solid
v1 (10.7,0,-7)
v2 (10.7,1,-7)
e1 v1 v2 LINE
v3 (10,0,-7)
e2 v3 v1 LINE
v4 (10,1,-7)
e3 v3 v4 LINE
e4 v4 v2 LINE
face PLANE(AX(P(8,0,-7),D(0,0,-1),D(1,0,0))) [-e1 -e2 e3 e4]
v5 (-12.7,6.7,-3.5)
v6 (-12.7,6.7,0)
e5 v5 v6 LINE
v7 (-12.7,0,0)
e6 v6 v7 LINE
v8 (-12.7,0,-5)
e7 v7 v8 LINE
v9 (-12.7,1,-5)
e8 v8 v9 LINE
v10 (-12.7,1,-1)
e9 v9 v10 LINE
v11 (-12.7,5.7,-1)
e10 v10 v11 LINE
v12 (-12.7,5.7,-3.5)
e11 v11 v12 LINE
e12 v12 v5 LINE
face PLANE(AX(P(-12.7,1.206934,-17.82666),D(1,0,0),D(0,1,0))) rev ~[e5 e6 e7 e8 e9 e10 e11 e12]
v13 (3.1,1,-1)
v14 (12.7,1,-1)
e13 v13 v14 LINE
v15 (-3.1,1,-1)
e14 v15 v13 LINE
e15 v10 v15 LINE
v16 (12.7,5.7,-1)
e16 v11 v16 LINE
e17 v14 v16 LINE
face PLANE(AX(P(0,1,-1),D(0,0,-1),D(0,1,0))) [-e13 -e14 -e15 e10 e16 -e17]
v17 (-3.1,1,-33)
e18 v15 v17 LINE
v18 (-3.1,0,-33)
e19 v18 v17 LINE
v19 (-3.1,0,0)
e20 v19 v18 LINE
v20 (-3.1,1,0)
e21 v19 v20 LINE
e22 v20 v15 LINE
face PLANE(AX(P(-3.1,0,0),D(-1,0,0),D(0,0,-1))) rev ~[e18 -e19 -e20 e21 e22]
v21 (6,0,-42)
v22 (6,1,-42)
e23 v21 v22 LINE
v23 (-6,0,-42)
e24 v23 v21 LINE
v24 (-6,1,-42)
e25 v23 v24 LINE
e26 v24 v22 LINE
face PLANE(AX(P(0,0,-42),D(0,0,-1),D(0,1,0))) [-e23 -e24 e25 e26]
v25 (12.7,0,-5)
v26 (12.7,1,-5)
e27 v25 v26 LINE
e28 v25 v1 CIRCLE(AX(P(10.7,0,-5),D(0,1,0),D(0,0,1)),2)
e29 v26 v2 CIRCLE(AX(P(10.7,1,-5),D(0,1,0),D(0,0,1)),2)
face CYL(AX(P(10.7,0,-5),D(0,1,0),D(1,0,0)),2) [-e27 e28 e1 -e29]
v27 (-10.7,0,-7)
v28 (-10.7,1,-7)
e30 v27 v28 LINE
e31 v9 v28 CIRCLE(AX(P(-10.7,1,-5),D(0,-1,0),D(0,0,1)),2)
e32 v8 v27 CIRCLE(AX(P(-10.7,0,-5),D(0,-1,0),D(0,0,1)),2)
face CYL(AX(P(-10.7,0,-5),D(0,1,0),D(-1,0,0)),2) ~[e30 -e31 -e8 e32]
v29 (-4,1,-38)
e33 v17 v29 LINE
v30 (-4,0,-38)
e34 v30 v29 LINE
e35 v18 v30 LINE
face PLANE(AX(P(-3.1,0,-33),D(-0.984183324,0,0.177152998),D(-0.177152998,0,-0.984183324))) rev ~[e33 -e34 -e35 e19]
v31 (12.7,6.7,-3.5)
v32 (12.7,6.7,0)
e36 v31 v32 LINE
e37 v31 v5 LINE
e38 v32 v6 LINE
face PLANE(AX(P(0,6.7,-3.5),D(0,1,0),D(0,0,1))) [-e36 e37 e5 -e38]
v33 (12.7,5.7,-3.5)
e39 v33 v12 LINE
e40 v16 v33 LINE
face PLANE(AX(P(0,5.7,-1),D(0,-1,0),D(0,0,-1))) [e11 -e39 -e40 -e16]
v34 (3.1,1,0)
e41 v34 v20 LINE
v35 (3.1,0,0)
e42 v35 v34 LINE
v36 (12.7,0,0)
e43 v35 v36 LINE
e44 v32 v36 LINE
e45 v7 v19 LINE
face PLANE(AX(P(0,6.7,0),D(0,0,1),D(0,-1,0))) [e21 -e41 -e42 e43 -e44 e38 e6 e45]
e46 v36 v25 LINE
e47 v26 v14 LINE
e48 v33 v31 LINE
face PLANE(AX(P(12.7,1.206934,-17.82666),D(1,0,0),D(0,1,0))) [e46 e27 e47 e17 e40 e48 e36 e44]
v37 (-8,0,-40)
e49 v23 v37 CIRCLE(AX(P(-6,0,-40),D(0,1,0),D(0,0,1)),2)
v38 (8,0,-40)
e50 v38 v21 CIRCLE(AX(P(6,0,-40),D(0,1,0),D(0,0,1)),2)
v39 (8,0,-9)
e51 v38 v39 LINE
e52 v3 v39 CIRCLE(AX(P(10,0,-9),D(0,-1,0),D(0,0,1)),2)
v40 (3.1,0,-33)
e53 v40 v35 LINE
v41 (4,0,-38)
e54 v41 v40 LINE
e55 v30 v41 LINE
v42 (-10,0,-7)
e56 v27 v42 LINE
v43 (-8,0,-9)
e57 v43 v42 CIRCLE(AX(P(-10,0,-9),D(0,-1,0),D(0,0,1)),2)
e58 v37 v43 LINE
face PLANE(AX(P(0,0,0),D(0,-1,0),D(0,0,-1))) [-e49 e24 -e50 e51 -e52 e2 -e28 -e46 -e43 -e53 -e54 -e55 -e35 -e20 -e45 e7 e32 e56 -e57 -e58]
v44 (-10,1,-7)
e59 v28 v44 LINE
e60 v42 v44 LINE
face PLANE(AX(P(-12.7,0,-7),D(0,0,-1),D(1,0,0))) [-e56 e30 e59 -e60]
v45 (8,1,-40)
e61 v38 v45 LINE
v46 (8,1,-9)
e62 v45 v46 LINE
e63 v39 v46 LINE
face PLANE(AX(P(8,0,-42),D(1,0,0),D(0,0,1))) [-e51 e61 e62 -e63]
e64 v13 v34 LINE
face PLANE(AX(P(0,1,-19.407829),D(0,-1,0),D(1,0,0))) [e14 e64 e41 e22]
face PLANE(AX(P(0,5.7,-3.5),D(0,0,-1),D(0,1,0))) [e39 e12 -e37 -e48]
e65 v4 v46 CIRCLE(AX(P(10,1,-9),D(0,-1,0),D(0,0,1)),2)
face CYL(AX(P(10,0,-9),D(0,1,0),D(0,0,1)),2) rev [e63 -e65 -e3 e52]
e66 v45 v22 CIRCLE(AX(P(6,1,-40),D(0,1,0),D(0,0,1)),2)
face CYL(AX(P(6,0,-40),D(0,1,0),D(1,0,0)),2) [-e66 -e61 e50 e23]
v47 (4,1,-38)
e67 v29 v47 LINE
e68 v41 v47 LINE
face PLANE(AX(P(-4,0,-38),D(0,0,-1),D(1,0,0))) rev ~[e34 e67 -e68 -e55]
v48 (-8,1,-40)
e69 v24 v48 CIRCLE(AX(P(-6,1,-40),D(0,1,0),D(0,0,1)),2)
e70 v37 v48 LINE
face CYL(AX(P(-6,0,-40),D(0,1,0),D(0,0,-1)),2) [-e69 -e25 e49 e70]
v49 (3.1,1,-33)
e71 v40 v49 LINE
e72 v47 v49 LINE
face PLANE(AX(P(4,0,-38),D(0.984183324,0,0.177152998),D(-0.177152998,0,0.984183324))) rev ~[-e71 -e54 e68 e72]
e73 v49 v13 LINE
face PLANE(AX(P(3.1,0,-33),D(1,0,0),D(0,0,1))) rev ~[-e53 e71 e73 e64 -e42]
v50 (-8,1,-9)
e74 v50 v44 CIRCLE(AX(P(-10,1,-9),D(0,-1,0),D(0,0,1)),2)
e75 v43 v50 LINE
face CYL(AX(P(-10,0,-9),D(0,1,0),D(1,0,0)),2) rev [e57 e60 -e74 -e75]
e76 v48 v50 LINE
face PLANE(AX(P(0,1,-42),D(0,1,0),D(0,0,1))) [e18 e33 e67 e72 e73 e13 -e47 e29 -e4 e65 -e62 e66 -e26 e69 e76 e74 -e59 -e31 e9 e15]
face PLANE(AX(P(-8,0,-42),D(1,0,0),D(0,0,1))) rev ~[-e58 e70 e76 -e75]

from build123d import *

# Parameters (mm, degrees)
F1_DEPTH = 12.7
F2_W     = 4.7
F2_H     = 35
F3_DEPTH = 1
F4_R     = 2


with BuildPart() as f1:
    # F0 (on Right) → F1 (new body, symmetric)
    with BuildSketch(Plane.YZ):
        Polygon((6.7, 0), (0, 0), (0, -42), (1, -42), (1, -1), (5.7, -1), (5.7, -3.5), (6.7, -3.5), align=None)
    extrude(amount=F1_DEPTH, both=True)

    # F2 (on face) → F3 (cut, through all)
    with BuildSketch(Plane.XZ):
        Polygon((3.1, 0), (-3.1, 0), (-3.1, -33), (-4, -38), (4, -38), (3.1, -33), align=None)
        with Locations((-10.35, -24.5)):
            Rectangle(F2_W, F2_H)
        with Locations((10.35, -24.5)):
            Rectangle(F2_W, F2_H)
    extrude(amount=-F3_DEPTH, mode=Mode.SUBTRACT)

    # F4
    f4_edges = [f1.edges().sort_by_distance(p)[0] for p in [
        (8, 0.5, -42),
        (-8, 0.5, -42),
        (-8, 0.5, -7),
        (-12.7, 0.5, -7),
        (8, 0.5, -7),
        (12.7, 0.5, -7),
    ]]
    fillet(f4_edges, radius=F4_R)


solid = f1.part
